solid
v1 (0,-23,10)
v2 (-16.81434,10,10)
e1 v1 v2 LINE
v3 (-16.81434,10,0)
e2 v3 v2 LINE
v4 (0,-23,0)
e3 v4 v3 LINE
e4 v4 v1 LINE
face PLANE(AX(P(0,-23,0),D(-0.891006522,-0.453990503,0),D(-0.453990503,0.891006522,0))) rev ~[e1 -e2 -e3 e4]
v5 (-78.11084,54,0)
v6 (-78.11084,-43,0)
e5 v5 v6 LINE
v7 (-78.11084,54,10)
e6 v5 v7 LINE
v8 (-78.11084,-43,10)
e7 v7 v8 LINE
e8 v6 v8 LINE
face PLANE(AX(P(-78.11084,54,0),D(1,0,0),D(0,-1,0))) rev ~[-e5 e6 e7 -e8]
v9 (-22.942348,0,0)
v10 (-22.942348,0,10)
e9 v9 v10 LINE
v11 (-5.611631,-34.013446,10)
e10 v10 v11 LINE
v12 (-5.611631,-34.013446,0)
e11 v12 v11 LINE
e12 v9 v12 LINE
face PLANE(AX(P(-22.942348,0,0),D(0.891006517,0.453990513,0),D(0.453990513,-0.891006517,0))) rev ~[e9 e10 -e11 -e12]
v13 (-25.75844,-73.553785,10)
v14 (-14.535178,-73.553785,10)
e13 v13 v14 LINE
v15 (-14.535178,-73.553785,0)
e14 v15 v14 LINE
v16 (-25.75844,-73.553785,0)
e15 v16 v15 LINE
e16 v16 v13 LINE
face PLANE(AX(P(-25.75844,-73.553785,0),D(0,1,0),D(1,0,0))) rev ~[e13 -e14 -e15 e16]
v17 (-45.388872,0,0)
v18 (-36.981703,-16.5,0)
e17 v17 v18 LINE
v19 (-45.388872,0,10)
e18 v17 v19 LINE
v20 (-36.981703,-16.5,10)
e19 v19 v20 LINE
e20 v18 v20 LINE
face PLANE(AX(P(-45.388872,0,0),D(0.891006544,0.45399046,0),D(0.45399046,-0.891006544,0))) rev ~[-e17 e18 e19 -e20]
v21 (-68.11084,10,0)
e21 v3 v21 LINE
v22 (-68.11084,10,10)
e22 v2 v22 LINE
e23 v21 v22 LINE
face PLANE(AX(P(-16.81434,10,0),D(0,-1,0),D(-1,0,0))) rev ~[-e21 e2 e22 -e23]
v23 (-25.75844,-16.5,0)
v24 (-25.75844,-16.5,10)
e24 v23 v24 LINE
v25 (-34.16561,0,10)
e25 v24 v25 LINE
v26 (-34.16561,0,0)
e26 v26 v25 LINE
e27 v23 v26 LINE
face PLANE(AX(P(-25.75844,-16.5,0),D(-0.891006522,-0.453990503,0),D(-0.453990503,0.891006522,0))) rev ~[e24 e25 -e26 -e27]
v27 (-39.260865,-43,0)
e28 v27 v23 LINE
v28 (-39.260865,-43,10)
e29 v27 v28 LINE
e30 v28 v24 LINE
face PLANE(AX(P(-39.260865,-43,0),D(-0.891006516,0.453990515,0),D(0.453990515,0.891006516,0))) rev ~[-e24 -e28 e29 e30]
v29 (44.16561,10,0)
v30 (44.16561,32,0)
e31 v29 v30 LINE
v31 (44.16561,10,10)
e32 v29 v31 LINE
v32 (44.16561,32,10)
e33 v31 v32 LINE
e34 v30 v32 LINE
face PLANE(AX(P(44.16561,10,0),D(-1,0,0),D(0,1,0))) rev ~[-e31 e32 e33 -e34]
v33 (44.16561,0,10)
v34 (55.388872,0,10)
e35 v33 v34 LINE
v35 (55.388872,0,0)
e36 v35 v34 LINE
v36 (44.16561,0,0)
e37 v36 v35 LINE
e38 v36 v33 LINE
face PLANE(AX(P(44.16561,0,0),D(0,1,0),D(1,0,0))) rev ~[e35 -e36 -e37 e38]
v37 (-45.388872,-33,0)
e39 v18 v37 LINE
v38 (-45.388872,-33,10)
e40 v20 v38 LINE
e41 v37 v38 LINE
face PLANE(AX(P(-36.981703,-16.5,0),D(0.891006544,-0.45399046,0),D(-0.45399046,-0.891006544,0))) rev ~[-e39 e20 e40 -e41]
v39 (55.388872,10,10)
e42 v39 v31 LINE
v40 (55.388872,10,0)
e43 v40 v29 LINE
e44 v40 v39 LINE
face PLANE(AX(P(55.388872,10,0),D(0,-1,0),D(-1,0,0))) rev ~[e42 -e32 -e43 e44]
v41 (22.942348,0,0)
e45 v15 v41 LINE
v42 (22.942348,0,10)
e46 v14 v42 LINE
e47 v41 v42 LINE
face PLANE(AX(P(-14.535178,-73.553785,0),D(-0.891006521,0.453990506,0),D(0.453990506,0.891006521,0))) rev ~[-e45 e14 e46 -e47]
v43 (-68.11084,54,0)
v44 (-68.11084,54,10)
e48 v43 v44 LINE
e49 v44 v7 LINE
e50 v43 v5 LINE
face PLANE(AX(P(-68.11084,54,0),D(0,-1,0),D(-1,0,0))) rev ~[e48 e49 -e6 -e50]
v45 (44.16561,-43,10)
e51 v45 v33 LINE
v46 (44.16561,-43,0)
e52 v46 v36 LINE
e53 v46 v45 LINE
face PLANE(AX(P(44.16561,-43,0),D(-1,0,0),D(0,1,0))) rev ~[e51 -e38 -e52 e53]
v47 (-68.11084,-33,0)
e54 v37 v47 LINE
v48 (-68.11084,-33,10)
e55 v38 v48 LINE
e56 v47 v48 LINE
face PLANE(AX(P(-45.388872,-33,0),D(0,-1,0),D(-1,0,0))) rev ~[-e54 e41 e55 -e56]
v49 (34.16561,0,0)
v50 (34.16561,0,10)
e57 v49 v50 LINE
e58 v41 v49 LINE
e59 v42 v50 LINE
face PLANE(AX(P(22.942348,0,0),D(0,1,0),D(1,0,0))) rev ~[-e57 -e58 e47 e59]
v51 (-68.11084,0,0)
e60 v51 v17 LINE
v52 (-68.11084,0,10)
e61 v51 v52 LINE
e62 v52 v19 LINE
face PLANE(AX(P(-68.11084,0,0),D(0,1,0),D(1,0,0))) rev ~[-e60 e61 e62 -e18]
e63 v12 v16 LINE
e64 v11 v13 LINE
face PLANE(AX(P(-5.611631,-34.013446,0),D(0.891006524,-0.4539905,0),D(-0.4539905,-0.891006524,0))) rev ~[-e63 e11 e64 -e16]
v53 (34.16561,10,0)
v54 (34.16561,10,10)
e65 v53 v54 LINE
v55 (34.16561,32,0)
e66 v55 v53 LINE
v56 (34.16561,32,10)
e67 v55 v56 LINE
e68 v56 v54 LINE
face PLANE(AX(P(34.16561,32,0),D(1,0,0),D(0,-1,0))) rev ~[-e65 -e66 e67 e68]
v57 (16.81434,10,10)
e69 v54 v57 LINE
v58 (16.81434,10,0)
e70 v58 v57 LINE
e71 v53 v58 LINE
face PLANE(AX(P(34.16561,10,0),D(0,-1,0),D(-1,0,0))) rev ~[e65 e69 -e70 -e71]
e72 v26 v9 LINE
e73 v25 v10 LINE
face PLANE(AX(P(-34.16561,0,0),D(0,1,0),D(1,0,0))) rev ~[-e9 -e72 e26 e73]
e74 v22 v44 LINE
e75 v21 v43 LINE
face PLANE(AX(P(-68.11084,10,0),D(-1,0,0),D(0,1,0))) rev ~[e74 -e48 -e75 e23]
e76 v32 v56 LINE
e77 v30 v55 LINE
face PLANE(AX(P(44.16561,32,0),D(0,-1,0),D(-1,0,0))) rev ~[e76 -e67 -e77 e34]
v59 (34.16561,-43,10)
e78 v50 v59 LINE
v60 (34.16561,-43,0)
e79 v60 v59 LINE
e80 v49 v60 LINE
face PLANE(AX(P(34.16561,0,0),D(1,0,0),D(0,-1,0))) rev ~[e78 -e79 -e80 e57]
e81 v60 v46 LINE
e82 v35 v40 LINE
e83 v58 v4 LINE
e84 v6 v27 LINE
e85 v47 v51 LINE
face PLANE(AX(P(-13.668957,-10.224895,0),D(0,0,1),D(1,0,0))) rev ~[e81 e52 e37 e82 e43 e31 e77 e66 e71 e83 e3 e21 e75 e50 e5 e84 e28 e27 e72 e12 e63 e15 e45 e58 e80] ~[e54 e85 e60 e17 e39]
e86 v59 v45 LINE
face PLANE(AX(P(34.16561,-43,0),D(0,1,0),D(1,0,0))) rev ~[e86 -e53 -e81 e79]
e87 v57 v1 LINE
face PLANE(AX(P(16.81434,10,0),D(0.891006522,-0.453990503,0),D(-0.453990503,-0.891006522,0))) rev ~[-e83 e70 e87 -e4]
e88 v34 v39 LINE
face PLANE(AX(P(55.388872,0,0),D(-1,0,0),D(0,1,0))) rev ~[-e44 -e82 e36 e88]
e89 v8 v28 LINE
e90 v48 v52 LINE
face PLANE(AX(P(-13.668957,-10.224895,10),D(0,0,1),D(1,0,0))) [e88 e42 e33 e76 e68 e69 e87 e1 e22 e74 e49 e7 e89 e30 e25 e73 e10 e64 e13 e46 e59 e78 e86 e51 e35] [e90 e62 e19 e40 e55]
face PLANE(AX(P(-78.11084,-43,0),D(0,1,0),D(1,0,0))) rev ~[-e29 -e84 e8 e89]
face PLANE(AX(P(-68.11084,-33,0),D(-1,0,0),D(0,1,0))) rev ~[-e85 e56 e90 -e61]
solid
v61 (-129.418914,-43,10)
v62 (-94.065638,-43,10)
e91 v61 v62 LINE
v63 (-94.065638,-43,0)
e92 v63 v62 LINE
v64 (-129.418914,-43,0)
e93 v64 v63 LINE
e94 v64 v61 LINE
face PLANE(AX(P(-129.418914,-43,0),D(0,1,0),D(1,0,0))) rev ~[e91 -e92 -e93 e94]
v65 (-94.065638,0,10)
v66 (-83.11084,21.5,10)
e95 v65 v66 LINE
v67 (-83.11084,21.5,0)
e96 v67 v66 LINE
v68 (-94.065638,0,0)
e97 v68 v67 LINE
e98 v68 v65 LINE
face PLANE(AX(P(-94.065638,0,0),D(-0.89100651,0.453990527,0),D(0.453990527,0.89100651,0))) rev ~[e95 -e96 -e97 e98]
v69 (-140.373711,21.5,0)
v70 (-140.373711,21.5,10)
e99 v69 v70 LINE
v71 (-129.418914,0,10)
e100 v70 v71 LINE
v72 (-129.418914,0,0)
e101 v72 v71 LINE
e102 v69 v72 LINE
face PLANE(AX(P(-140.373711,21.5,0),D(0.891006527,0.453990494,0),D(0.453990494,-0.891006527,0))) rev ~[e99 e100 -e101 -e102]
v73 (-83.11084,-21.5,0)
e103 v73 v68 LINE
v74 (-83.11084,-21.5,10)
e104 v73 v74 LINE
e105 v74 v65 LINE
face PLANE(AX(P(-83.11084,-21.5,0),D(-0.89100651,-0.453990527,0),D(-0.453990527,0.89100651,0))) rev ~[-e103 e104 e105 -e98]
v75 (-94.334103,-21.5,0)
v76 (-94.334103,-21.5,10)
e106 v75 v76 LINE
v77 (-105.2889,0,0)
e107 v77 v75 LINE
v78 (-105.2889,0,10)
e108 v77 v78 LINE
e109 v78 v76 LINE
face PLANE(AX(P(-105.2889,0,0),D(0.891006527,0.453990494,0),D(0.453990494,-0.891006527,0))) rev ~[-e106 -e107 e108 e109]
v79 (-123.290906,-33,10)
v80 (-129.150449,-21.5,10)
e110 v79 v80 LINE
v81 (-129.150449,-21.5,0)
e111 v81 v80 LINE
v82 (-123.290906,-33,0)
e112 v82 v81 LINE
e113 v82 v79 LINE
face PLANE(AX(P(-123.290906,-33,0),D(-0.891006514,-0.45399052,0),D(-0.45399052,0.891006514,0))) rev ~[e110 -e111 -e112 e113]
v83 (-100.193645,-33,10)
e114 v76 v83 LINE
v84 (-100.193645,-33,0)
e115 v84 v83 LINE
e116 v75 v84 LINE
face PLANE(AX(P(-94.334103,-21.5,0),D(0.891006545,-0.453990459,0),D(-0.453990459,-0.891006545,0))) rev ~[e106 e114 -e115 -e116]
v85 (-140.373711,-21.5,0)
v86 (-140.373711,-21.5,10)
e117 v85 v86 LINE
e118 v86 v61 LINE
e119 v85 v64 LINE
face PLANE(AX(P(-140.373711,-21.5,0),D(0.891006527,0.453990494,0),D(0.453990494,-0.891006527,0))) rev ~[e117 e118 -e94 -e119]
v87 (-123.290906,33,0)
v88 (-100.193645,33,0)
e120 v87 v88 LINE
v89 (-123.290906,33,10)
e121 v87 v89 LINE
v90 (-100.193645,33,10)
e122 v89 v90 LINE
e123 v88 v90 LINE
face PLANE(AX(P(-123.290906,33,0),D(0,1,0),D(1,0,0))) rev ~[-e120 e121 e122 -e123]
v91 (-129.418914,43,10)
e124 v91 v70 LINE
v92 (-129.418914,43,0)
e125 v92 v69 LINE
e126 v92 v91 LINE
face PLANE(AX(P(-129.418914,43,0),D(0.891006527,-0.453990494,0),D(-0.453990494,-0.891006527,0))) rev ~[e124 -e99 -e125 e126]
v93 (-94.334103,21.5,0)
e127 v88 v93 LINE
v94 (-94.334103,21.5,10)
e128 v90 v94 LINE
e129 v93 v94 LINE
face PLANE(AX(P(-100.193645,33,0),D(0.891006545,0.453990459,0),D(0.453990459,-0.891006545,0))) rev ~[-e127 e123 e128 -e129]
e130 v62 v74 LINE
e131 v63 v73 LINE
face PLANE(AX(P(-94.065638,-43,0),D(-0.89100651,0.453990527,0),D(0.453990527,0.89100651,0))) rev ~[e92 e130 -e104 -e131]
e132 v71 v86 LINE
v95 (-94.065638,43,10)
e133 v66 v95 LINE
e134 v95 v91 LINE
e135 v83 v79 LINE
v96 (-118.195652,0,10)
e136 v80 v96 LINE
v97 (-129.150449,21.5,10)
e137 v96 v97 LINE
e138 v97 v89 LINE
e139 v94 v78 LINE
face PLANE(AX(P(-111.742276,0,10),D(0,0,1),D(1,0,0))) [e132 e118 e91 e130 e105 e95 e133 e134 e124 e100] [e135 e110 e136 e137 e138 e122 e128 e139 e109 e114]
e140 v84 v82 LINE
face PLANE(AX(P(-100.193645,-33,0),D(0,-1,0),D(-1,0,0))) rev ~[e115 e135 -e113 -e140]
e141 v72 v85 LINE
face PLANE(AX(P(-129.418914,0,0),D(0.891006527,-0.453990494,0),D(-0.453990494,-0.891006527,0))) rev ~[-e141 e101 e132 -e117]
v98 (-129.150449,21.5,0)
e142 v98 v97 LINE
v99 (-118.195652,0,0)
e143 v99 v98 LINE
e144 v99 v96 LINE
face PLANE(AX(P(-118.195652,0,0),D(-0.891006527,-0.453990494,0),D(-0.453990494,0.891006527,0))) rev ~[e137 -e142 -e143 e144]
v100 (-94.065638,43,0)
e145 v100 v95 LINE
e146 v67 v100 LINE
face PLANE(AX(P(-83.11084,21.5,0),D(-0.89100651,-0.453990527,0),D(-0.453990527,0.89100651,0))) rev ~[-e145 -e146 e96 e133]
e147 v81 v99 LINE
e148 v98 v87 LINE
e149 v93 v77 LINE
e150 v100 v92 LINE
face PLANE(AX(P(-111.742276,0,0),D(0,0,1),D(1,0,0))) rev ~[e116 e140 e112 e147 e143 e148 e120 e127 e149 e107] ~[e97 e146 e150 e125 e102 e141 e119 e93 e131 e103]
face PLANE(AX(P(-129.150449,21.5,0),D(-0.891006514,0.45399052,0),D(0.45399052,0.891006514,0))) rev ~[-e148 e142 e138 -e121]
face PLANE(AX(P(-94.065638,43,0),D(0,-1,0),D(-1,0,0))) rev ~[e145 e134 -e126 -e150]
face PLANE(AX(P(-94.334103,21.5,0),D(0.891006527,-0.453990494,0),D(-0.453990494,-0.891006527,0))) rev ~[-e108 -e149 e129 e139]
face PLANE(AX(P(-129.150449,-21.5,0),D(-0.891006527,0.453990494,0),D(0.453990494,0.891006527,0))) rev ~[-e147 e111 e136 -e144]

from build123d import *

# Parameters (mm, degrees)
F1_DEPTH = 10


with BuildPart() as f1:
    # F0 (on Top) → F1 (new body)
    with BuildSketch(Plane.XY):
        Polygon((44.16561, 32), (34.16561, 32), (34.16561, 10), (16.81434, 10), (0, -23), (-16.81434, 10), (-28.037602, 10), (-68.11084, 10), (-68.11084, 54), (-78.11084, 54), (-78.11084, 10), (-78.11084, -43), (-39.260865, -43), (-25.75844, -16.5), (-34.16561, 0), (-22.942348, 0), (-5.611631, -34.013446), (-25.75844, -73.553785), (-14.535178, -73.553785), (22.942348, 0), (34.16561, 0), (34.16561, -43), (44.16561, -43), (44.16561, 0), (55.388872, 0), (55.388872, 10), (44.16561, 10), align=None)
        Polygon((-45.388872, -33), (-68.11084, -33), (-68.11084, -16.5), (-68.11084, 0), (-45.388872, 0), (-36.981703, -16.5), align=None, mode=Mode.SUBTRACT)
        Polygon((-129.418914, -43), (-94.065638, -43), (-83.11084, -21.5), (-94.065638, 0), (-83.11084, 21.5), (-94.065638, 43), (-129.418914, 43), (-140.373711, 21.5), (-129.418914, 0), (-140.373711, -21.5), align=None)
        Polygon((-118.195652, 0), (-129.150449, 21.5), (-123.290906, 33), (-100.193645, 33), (-94.334103, 21.5), (-105.2889, 0), (-94.334103, -21.5), (-100.193645, -33), (-123.290906, -33), (-129.150449, -21.5), align=None, mode=Mode.SUBTRACT)
    extrude(amount=F1_DEPTH)


solid = f1.part
